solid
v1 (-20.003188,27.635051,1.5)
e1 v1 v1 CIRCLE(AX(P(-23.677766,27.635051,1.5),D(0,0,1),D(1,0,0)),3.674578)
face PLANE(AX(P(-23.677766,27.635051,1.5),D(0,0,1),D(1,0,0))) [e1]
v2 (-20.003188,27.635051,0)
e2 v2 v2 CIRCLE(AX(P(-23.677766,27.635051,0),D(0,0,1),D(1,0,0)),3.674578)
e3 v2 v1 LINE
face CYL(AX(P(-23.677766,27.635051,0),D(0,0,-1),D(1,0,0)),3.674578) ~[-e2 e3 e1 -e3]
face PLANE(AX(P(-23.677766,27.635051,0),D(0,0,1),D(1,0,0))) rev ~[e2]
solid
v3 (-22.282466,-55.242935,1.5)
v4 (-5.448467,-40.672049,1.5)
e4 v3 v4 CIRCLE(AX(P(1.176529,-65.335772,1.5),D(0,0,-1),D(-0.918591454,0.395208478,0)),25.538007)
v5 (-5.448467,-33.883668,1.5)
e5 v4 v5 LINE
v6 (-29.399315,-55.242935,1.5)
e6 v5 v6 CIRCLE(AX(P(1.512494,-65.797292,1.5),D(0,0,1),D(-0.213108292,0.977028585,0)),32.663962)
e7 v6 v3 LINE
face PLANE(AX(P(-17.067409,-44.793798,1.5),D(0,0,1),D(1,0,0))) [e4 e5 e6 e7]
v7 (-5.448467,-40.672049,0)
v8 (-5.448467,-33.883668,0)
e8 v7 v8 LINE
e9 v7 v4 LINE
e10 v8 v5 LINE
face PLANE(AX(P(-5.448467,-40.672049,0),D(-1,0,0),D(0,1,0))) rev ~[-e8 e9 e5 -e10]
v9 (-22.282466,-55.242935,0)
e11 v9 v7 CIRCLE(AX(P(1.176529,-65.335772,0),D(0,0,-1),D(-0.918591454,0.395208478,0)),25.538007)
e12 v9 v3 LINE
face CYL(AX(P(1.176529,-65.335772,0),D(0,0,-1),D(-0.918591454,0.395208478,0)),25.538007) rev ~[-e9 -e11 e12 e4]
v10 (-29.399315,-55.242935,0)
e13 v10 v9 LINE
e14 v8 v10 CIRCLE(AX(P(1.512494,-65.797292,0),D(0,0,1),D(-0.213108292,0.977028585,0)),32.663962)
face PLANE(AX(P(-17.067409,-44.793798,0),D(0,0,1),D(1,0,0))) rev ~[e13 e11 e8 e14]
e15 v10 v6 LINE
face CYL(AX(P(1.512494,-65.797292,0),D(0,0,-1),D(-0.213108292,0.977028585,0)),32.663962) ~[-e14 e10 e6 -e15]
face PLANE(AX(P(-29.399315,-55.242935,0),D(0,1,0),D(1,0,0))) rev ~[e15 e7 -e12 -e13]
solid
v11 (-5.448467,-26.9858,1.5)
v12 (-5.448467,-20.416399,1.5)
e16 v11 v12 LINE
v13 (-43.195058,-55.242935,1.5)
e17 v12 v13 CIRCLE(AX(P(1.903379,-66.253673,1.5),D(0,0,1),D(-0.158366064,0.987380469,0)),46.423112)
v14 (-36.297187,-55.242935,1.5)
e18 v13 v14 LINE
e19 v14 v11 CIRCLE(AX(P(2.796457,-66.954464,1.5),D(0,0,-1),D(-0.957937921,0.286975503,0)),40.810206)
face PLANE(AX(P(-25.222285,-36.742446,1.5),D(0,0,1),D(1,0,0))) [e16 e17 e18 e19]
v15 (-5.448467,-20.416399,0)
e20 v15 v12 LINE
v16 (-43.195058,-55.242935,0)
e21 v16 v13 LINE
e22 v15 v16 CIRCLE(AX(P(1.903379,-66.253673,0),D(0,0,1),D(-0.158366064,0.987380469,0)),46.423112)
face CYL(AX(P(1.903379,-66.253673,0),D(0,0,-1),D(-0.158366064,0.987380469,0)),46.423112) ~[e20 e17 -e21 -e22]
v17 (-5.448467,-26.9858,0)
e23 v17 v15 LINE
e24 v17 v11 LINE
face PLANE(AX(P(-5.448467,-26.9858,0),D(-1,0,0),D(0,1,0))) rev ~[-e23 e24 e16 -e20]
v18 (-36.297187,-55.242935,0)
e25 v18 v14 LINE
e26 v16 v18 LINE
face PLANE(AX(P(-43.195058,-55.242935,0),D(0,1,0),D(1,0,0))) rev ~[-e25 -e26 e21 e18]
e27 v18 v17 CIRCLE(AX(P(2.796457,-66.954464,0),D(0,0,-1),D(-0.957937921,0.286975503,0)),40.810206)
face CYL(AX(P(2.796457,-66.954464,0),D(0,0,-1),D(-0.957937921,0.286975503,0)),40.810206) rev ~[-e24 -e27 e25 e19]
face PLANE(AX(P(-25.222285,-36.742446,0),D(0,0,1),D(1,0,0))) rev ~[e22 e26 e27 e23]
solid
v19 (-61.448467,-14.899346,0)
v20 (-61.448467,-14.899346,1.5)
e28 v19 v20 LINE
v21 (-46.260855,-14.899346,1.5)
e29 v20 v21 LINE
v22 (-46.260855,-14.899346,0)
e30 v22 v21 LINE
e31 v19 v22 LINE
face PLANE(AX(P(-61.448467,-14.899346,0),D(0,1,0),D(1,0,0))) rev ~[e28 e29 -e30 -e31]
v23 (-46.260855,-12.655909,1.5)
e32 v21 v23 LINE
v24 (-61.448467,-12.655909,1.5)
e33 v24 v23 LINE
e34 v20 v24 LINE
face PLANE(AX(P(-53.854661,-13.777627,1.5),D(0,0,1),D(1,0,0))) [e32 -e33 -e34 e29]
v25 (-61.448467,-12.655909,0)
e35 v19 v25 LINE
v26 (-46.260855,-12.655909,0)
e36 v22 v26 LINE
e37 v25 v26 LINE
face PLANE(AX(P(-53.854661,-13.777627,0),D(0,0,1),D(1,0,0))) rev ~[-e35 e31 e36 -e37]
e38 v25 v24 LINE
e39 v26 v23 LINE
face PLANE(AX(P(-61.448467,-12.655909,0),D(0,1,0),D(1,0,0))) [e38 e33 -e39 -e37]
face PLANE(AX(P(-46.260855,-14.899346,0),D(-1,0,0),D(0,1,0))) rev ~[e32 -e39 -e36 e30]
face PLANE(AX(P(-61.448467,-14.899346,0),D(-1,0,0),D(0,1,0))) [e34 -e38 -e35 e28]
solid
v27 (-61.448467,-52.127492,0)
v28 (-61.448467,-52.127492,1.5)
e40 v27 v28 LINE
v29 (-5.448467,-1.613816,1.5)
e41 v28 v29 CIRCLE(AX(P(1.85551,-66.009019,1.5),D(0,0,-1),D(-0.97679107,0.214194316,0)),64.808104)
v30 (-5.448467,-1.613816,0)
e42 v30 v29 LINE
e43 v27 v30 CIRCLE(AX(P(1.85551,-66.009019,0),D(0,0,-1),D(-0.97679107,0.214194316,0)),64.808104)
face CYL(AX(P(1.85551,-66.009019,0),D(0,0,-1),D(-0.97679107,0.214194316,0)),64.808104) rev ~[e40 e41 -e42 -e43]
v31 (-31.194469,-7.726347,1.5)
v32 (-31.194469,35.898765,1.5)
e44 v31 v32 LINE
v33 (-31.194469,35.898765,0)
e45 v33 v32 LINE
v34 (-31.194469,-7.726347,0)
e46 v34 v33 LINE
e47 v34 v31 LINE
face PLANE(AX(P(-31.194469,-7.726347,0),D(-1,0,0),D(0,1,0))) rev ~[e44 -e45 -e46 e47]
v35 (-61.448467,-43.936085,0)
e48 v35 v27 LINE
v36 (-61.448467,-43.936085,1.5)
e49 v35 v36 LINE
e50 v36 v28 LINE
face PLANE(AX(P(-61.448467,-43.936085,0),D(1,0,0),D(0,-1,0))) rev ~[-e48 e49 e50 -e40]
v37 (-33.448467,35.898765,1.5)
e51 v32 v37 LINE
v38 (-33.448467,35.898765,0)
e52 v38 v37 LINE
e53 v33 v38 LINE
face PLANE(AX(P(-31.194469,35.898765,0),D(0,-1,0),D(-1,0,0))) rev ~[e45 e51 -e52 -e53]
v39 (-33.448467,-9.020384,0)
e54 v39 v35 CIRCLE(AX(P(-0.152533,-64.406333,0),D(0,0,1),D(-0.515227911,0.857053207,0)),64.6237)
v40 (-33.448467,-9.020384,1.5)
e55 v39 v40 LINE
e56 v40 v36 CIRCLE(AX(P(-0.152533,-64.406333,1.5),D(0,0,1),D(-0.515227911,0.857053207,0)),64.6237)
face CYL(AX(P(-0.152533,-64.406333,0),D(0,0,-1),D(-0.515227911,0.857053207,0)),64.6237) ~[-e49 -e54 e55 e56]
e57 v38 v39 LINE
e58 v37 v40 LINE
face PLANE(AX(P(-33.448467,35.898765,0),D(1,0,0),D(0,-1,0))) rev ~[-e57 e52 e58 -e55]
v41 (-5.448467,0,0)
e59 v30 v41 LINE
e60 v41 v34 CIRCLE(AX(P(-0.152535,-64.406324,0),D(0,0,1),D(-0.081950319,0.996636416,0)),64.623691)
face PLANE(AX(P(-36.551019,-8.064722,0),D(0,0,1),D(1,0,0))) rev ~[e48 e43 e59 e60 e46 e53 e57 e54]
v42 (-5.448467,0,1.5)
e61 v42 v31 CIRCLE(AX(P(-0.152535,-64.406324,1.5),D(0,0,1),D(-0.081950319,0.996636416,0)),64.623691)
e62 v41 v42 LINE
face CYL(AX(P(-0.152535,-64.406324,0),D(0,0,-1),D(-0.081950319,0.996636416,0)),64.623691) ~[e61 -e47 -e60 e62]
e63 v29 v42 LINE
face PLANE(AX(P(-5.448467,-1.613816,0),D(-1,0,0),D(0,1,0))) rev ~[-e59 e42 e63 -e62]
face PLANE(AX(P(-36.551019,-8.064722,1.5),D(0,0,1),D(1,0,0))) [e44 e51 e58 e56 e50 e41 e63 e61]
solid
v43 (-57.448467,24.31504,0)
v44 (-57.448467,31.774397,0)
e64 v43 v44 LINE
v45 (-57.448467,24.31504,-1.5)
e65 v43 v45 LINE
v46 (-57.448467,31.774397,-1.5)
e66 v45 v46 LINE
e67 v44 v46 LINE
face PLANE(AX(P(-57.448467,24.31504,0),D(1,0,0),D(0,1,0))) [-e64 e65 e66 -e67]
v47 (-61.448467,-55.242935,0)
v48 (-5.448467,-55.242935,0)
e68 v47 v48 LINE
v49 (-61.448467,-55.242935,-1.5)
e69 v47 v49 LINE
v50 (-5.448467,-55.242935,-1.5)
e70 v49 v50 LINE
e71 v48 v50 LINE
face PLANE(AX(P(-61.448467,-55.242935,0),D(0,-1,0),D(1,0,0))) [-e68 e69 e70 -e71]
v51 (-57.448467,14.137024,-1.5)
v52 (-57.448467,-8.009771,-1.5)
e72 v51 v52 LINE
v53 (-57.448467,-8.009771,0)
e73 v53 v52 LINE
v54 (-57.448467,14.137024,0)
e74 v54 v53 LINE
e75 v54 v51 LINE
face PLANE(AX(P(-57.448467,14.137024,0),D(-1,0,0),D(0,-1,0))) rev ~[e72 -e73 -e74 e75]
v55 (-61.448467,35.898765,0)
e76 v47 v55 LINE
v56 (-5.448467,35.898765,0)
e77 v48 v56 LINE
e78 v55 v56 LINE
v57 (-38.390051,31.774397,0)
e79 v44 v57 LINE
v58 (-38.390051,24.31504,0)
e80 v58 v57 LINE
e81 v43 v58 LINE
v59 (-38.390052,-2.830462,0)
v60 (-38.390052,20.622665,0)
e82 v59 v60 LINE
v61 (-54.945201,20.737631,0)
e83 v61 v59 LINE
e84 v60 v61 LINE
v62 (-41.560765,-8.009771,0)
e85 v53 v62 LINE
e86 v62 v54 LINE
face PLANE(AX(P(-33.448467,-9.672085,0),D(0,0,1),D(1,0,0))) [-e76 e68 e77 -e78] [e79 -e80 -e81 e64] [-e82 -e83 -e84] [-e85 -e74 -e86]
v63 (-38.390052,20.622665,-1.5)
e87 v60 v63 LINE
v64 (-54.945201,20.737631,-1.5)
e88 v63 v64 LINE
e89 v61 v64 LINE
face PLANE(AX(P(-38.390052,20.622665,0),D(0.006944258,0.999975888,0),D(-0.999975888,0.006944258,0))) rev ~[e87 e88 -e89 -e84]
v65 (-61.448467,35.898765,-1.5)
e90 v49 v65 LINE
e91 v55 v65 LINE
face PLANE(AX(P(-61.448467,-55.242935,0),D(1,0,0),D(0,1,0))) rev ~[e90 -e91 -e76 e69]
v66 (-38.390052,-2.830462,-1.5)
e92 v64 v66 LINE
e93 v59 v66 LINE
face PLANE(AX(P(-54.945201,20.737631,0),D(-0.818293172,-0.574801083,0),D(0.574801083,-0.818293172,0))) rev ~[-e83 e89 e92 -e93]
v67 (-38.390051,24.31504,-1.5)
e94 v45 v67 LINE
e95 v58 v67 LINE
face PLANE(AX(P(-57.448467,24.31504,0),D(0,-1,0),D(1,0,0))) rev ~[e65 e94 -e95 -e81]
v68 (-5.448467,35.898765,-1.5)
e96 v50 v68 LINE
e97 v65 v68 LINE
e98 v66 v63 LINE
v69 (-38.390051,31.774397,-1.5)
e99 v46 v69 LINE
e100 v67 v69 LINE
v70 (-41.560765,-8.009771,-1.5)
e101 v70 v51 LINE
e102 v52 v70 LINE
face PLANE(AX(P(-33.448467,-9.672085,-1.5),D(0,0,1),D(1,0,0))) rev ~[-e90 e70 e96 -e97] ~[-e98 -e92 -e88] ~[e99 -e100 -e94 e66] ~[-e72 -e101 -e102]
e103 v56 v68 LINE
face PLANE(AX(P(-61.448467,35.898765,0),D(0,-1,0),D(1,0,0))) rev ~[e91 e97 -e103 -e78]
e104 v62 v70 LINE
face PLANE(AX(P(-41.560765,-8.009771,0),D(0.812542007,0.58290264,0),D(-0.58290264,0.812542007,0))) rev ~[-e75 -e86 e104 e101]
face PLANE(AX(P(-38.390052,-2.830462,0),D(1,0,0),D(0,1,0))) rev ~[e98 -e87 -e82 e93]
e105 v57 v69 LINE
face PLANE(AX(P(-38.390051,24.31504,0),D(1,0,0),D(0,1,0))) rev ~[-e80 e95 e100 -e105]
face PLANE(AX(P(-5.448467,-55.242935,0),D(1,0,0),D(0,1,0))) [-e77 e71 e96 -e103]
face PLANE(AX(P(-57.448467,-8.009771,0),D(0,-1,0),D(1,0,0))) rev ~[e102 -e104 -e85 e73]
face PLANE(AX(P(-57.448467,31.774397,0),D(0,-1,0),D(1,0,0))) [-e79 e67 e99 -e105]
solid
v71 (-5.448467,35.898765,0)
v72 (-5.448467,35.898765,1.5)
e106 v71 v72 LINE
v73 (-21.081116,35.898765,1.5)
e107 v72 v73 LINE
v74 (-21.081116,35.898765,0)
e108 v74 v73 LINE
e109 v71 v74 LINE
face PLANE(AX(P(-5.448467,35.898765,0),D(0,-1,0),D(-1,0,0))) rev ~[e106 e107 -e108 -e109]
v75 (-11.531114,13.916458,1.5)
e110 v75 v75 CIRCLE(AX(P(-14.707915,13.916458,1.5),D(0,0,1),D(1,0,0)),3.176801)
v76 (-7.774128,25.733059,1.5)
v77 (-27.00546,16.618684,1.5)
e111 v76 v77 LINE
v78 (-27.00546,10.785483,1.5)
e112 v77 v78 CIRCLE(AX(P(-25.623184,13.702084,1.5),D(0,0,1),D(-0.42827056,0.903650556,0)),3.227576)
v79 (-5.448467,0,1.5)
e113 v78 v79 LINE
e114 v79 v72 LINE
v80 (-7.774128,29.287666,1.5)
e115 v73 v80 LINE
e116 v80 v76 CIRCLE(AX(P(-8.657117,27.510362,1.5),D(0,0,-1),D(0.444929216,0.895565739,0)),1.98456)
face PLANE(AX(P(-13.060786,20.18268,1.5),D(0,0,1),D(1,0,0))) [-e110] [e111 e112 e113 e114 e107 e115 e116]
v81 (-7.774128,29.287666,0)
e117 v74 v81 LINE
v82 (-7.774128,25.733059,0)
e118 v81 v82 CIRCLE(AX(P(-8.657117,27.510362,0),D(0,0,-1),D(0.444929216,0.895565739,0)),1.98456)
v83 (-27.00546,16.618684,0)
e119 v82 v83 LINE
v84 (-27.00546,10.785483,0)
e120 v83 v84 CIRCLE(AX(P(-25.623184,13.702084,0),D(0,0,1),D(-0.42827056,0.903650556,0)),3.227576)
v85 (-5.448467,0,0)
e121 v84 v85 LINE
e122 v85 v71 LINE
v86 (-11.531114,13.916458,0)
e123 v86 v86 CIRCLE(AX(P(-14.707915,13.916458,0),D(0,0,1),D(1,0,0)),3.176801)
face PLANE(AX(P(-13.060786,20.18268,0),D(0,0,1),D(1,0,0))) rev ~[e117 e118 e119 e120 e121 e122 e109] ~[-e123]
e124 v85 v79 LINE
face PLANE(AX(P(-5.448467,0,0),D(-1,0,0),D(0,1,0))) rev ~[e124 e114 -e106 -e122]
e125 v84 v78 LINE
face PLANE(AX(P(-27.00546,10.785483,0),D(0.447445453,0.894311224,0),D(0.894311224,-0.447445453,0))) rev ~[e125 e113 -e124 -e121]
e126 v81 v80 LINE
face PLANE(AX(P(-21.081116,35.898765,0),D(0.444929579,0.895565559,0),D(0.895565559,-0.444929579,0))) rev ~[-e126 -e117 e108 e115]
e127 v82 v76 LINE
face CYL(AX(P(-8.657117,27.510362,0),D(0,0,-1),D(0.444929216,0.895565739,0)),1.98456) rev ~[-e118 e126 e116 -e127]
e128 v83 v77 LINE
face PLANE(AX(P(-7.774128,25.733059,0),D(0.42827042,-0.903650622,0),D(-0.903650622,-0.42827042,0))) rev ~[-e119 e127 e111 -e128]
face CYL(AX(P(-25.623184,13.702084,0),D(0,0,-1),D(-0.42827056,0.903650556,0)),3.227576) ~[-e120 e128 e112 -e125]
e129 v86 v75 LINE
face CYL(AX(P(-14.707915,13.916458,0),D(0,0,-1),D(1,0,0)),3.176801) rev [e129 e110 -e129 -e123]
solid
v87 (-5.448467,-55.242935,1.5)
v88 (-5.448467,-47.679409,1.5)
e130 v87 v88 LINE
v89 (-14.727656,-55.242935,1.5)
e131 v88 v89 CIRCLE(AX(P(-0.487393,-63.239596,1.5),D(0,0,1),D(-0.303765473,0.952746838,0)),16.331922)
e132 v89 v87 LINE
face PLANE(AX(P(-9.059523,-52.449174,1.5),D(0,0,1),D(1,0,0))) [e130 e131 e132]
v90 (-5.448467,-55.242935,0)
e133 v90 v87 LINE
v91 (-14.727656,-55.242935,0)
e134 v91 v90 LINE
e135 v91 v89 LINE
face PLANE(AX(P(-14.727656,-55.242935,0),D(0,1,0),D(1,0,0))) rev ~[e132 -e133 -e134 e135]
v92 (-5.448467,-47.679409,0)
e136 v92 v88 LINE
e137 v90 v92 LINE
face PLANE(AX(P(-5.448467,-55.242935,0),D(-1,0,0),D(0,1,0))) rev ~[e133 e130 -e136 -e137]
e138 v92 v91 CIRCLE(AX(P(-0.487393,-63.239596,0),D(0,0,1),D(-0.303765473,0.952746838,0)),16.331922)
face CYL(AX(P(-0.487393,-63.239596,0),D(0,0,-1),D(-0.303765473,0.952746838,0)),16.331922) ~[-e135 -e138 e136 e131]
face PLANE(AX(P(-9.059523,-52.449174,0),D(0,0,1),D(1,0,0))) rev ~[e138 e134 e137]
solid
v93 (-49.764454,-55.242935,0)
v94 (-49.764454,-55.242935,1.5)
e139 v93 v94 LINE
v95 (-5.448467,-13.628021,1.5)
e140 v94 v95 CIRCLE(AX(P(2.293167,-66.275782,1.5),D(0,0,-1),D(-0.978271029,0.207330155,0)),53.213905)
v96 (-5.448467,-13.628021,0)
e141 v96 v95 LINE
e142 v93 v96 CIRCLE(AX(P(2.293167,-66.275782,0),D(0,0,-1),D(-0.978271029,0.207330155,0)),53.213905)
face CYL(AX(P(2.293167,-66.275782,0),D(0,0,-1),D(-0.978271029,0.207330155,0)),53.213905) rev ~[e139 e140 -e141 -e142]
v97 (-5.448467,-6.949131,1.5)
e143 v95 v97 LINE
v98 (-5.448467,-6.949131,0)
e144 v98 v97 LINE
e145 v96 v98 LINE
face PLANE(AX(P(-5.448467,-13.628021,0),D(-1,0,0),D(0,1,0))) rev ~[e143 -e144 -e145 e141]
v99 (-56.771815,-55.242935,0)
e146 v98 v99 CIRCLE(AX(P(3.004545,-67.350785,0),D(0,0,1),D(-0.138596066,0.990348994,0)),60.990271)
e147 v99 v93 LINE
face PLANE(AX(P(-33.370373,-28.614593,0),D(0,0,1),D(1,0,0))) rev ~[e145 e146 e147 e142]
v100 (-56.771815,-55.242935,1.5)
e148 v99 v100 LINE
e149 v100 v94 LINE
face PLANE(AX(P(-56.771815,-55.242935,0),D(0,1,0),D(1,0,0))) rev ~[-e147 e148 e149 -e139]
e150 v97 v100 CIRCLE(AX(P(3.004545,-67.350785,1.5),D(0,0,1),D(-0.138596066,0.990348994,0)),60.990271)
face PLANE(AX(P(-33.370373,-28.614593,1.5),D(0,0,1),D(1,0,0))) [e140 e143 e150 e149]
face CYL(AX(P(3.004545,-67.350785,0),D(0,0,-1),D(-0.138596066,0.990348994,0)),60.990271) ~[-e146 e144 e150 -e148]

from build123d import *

# Parameters (mm, degrees)
F0_R     = 3.674578
F0_R_2   = 3.176801
F0_W     = 15.187611
F0_H     = 2.243437
F1_DEPTH = 1.5
F2_W     = 56
F2_H     = 91.1417
F3_DEPTH = 1.5
F4_W     = 19.058415
F4_H     = 7.459357
F5_DEPTH = 25


with BuildPart() as f1:
    # F0 (on Top) → F1 (new body)
    with BuildSketch(Plane.XY):
        with Locations((-23.677766, 27.635051)):
            Circle(F0_R)
        with BuildLine():
            Line((-5.448467, -55.242935), (-5.448467, -47.679409))
            ThreePointArc((-5.448467, -47.679409), (-10.806044, -50.580326), (-14.727656, -55.242935))
            Line((-14.727656, -55.242935), (-5.448467, -55.242935))
        make_face()
        with BuildLine():
            ThreePointArc((-22.282466, -55.242935), (-15.536918, -46.026435), (-5.448467, -40.672049))
            Line((-5.448467, -40.672049), (-5.448467, -33.883668))
            ThreePointArc((-5.448467, -33.883668), (-20.22782, -41.419164), (-29.399315, -55.242935))
            Line((-29.399315, -55.242935), (-22.282466, -55.242935))
        make_face()
        with BuildLine():
            ThreePointArc((-36.297187, -55.242935), (-24.768946, -36.860919), (-5.448467, -26.9858))
            Line((-5.448467, -26.9858), (-5.448467, -20.416399))
            ThreePointArc((-5.448467, -20.416399), (-29.576455, -32.134391), (-43.195058, -55.242935))
            Line((-43.195058, -55.242935), (-36.297187, -55.242935))
        make_face()
        with BuildLine():
            ThreePointArc((-49.764454, -55.242935), (-34.133993, -27.484267), (-5.448467, -13.628021))
            Line((-5.448467, -13.628021), (-5.448467, -6.949131))
            ThreePointArc((-5.448467, -6.949131), (-38.791205, -22.933125), (-56.771815, -55.242935))
            Line((-56.771815, -55.242935), (-49.764454, -55.242935))
        make_face()
        with BuildLine():
            Line((-27.00546, 10.785483), (-5.448467, 0))
            Line((-5.448467, 0), (-5.448467, 35.898765))
            Line((-5.448467, 35.898765), (-21.081116, 35.898765))
            Line((-21.081116, 35.898765), (-7.774128, 29.287666))
            ThreePointArc((-7.774128, 29.287666), (-6.672557, 27.510363), (-7.774128, 25.733059))
            Line((-7.774128, 25.733059), (-27.00546, 16.618684))
            ThreePointArc((-27.00546, 16.618684), (-28.85076, 13.702083), (-27.00546, 10.785483))
        make_face()
        with Locations((-14.707915, 13.916458)):
            Circle(F0_R_2, mode=Mode.SUBTRACT)
        with BuildLine():
            ThreePointArc((-61.448467, -52.127492), (-41.552769, -17.886139), (-5.448467, -1.613816))
            Line((-5.448467, -1.613816), (-5.448467, 0))
            ThreePointArc((-5.448467, 0), (-18.727632, -2.509739), (-31.194469, -7.726347))
            Line((-31.194469, -7.726347), (-31.194469, 35.898765))
            Line((-31.194469, 35.898765), (-33.448467, 35.898765))
            Line((-33.448467, 35.898765), (-33.448467, -9.020384))
            ThreePointArc((-33.448467, -9.020384), (-50.567629, -23.97688), (-61.448467, -43.936085))
            Line((-61.448467, -43.936085), (-61.448467, -52.127492))
        make_face()
        with Locations((-53.854661, -13.777627)):
            Rectangle(F0_W, F0_H)
    extrude(amount=F1_DEPTH)


with BuildPart() as f3:
    # F2 (on Top) → F3 (new body)
    with BuildSketch(Plane.XY):
        with Locations((-33.448467, -9.672085)):
            Rectangle(F2_W, F2_H)
    extrude(amount=-F3_DEPTH)

    # F4 (on Top) → F5 (cut)
    with BuildSketch(Plane.XY):
        with Locations((-47.919259, 28.044719)):
            Rectangle(F4_W, F4_H)
        Polygon((-38.390052, -2.830462), (-38.390052, 20.622665), (-54.945201, 20.737631), align=None)
        Polygon((-41.560765, -8.009771), (-57.448467, 14.137024), (-57.448467, -8.009771), align=None)
    extrude(amount=-F5_DEPTH, mode=Mode.SUBTRACT)


solid = Compound([f1.part, f3.part])
